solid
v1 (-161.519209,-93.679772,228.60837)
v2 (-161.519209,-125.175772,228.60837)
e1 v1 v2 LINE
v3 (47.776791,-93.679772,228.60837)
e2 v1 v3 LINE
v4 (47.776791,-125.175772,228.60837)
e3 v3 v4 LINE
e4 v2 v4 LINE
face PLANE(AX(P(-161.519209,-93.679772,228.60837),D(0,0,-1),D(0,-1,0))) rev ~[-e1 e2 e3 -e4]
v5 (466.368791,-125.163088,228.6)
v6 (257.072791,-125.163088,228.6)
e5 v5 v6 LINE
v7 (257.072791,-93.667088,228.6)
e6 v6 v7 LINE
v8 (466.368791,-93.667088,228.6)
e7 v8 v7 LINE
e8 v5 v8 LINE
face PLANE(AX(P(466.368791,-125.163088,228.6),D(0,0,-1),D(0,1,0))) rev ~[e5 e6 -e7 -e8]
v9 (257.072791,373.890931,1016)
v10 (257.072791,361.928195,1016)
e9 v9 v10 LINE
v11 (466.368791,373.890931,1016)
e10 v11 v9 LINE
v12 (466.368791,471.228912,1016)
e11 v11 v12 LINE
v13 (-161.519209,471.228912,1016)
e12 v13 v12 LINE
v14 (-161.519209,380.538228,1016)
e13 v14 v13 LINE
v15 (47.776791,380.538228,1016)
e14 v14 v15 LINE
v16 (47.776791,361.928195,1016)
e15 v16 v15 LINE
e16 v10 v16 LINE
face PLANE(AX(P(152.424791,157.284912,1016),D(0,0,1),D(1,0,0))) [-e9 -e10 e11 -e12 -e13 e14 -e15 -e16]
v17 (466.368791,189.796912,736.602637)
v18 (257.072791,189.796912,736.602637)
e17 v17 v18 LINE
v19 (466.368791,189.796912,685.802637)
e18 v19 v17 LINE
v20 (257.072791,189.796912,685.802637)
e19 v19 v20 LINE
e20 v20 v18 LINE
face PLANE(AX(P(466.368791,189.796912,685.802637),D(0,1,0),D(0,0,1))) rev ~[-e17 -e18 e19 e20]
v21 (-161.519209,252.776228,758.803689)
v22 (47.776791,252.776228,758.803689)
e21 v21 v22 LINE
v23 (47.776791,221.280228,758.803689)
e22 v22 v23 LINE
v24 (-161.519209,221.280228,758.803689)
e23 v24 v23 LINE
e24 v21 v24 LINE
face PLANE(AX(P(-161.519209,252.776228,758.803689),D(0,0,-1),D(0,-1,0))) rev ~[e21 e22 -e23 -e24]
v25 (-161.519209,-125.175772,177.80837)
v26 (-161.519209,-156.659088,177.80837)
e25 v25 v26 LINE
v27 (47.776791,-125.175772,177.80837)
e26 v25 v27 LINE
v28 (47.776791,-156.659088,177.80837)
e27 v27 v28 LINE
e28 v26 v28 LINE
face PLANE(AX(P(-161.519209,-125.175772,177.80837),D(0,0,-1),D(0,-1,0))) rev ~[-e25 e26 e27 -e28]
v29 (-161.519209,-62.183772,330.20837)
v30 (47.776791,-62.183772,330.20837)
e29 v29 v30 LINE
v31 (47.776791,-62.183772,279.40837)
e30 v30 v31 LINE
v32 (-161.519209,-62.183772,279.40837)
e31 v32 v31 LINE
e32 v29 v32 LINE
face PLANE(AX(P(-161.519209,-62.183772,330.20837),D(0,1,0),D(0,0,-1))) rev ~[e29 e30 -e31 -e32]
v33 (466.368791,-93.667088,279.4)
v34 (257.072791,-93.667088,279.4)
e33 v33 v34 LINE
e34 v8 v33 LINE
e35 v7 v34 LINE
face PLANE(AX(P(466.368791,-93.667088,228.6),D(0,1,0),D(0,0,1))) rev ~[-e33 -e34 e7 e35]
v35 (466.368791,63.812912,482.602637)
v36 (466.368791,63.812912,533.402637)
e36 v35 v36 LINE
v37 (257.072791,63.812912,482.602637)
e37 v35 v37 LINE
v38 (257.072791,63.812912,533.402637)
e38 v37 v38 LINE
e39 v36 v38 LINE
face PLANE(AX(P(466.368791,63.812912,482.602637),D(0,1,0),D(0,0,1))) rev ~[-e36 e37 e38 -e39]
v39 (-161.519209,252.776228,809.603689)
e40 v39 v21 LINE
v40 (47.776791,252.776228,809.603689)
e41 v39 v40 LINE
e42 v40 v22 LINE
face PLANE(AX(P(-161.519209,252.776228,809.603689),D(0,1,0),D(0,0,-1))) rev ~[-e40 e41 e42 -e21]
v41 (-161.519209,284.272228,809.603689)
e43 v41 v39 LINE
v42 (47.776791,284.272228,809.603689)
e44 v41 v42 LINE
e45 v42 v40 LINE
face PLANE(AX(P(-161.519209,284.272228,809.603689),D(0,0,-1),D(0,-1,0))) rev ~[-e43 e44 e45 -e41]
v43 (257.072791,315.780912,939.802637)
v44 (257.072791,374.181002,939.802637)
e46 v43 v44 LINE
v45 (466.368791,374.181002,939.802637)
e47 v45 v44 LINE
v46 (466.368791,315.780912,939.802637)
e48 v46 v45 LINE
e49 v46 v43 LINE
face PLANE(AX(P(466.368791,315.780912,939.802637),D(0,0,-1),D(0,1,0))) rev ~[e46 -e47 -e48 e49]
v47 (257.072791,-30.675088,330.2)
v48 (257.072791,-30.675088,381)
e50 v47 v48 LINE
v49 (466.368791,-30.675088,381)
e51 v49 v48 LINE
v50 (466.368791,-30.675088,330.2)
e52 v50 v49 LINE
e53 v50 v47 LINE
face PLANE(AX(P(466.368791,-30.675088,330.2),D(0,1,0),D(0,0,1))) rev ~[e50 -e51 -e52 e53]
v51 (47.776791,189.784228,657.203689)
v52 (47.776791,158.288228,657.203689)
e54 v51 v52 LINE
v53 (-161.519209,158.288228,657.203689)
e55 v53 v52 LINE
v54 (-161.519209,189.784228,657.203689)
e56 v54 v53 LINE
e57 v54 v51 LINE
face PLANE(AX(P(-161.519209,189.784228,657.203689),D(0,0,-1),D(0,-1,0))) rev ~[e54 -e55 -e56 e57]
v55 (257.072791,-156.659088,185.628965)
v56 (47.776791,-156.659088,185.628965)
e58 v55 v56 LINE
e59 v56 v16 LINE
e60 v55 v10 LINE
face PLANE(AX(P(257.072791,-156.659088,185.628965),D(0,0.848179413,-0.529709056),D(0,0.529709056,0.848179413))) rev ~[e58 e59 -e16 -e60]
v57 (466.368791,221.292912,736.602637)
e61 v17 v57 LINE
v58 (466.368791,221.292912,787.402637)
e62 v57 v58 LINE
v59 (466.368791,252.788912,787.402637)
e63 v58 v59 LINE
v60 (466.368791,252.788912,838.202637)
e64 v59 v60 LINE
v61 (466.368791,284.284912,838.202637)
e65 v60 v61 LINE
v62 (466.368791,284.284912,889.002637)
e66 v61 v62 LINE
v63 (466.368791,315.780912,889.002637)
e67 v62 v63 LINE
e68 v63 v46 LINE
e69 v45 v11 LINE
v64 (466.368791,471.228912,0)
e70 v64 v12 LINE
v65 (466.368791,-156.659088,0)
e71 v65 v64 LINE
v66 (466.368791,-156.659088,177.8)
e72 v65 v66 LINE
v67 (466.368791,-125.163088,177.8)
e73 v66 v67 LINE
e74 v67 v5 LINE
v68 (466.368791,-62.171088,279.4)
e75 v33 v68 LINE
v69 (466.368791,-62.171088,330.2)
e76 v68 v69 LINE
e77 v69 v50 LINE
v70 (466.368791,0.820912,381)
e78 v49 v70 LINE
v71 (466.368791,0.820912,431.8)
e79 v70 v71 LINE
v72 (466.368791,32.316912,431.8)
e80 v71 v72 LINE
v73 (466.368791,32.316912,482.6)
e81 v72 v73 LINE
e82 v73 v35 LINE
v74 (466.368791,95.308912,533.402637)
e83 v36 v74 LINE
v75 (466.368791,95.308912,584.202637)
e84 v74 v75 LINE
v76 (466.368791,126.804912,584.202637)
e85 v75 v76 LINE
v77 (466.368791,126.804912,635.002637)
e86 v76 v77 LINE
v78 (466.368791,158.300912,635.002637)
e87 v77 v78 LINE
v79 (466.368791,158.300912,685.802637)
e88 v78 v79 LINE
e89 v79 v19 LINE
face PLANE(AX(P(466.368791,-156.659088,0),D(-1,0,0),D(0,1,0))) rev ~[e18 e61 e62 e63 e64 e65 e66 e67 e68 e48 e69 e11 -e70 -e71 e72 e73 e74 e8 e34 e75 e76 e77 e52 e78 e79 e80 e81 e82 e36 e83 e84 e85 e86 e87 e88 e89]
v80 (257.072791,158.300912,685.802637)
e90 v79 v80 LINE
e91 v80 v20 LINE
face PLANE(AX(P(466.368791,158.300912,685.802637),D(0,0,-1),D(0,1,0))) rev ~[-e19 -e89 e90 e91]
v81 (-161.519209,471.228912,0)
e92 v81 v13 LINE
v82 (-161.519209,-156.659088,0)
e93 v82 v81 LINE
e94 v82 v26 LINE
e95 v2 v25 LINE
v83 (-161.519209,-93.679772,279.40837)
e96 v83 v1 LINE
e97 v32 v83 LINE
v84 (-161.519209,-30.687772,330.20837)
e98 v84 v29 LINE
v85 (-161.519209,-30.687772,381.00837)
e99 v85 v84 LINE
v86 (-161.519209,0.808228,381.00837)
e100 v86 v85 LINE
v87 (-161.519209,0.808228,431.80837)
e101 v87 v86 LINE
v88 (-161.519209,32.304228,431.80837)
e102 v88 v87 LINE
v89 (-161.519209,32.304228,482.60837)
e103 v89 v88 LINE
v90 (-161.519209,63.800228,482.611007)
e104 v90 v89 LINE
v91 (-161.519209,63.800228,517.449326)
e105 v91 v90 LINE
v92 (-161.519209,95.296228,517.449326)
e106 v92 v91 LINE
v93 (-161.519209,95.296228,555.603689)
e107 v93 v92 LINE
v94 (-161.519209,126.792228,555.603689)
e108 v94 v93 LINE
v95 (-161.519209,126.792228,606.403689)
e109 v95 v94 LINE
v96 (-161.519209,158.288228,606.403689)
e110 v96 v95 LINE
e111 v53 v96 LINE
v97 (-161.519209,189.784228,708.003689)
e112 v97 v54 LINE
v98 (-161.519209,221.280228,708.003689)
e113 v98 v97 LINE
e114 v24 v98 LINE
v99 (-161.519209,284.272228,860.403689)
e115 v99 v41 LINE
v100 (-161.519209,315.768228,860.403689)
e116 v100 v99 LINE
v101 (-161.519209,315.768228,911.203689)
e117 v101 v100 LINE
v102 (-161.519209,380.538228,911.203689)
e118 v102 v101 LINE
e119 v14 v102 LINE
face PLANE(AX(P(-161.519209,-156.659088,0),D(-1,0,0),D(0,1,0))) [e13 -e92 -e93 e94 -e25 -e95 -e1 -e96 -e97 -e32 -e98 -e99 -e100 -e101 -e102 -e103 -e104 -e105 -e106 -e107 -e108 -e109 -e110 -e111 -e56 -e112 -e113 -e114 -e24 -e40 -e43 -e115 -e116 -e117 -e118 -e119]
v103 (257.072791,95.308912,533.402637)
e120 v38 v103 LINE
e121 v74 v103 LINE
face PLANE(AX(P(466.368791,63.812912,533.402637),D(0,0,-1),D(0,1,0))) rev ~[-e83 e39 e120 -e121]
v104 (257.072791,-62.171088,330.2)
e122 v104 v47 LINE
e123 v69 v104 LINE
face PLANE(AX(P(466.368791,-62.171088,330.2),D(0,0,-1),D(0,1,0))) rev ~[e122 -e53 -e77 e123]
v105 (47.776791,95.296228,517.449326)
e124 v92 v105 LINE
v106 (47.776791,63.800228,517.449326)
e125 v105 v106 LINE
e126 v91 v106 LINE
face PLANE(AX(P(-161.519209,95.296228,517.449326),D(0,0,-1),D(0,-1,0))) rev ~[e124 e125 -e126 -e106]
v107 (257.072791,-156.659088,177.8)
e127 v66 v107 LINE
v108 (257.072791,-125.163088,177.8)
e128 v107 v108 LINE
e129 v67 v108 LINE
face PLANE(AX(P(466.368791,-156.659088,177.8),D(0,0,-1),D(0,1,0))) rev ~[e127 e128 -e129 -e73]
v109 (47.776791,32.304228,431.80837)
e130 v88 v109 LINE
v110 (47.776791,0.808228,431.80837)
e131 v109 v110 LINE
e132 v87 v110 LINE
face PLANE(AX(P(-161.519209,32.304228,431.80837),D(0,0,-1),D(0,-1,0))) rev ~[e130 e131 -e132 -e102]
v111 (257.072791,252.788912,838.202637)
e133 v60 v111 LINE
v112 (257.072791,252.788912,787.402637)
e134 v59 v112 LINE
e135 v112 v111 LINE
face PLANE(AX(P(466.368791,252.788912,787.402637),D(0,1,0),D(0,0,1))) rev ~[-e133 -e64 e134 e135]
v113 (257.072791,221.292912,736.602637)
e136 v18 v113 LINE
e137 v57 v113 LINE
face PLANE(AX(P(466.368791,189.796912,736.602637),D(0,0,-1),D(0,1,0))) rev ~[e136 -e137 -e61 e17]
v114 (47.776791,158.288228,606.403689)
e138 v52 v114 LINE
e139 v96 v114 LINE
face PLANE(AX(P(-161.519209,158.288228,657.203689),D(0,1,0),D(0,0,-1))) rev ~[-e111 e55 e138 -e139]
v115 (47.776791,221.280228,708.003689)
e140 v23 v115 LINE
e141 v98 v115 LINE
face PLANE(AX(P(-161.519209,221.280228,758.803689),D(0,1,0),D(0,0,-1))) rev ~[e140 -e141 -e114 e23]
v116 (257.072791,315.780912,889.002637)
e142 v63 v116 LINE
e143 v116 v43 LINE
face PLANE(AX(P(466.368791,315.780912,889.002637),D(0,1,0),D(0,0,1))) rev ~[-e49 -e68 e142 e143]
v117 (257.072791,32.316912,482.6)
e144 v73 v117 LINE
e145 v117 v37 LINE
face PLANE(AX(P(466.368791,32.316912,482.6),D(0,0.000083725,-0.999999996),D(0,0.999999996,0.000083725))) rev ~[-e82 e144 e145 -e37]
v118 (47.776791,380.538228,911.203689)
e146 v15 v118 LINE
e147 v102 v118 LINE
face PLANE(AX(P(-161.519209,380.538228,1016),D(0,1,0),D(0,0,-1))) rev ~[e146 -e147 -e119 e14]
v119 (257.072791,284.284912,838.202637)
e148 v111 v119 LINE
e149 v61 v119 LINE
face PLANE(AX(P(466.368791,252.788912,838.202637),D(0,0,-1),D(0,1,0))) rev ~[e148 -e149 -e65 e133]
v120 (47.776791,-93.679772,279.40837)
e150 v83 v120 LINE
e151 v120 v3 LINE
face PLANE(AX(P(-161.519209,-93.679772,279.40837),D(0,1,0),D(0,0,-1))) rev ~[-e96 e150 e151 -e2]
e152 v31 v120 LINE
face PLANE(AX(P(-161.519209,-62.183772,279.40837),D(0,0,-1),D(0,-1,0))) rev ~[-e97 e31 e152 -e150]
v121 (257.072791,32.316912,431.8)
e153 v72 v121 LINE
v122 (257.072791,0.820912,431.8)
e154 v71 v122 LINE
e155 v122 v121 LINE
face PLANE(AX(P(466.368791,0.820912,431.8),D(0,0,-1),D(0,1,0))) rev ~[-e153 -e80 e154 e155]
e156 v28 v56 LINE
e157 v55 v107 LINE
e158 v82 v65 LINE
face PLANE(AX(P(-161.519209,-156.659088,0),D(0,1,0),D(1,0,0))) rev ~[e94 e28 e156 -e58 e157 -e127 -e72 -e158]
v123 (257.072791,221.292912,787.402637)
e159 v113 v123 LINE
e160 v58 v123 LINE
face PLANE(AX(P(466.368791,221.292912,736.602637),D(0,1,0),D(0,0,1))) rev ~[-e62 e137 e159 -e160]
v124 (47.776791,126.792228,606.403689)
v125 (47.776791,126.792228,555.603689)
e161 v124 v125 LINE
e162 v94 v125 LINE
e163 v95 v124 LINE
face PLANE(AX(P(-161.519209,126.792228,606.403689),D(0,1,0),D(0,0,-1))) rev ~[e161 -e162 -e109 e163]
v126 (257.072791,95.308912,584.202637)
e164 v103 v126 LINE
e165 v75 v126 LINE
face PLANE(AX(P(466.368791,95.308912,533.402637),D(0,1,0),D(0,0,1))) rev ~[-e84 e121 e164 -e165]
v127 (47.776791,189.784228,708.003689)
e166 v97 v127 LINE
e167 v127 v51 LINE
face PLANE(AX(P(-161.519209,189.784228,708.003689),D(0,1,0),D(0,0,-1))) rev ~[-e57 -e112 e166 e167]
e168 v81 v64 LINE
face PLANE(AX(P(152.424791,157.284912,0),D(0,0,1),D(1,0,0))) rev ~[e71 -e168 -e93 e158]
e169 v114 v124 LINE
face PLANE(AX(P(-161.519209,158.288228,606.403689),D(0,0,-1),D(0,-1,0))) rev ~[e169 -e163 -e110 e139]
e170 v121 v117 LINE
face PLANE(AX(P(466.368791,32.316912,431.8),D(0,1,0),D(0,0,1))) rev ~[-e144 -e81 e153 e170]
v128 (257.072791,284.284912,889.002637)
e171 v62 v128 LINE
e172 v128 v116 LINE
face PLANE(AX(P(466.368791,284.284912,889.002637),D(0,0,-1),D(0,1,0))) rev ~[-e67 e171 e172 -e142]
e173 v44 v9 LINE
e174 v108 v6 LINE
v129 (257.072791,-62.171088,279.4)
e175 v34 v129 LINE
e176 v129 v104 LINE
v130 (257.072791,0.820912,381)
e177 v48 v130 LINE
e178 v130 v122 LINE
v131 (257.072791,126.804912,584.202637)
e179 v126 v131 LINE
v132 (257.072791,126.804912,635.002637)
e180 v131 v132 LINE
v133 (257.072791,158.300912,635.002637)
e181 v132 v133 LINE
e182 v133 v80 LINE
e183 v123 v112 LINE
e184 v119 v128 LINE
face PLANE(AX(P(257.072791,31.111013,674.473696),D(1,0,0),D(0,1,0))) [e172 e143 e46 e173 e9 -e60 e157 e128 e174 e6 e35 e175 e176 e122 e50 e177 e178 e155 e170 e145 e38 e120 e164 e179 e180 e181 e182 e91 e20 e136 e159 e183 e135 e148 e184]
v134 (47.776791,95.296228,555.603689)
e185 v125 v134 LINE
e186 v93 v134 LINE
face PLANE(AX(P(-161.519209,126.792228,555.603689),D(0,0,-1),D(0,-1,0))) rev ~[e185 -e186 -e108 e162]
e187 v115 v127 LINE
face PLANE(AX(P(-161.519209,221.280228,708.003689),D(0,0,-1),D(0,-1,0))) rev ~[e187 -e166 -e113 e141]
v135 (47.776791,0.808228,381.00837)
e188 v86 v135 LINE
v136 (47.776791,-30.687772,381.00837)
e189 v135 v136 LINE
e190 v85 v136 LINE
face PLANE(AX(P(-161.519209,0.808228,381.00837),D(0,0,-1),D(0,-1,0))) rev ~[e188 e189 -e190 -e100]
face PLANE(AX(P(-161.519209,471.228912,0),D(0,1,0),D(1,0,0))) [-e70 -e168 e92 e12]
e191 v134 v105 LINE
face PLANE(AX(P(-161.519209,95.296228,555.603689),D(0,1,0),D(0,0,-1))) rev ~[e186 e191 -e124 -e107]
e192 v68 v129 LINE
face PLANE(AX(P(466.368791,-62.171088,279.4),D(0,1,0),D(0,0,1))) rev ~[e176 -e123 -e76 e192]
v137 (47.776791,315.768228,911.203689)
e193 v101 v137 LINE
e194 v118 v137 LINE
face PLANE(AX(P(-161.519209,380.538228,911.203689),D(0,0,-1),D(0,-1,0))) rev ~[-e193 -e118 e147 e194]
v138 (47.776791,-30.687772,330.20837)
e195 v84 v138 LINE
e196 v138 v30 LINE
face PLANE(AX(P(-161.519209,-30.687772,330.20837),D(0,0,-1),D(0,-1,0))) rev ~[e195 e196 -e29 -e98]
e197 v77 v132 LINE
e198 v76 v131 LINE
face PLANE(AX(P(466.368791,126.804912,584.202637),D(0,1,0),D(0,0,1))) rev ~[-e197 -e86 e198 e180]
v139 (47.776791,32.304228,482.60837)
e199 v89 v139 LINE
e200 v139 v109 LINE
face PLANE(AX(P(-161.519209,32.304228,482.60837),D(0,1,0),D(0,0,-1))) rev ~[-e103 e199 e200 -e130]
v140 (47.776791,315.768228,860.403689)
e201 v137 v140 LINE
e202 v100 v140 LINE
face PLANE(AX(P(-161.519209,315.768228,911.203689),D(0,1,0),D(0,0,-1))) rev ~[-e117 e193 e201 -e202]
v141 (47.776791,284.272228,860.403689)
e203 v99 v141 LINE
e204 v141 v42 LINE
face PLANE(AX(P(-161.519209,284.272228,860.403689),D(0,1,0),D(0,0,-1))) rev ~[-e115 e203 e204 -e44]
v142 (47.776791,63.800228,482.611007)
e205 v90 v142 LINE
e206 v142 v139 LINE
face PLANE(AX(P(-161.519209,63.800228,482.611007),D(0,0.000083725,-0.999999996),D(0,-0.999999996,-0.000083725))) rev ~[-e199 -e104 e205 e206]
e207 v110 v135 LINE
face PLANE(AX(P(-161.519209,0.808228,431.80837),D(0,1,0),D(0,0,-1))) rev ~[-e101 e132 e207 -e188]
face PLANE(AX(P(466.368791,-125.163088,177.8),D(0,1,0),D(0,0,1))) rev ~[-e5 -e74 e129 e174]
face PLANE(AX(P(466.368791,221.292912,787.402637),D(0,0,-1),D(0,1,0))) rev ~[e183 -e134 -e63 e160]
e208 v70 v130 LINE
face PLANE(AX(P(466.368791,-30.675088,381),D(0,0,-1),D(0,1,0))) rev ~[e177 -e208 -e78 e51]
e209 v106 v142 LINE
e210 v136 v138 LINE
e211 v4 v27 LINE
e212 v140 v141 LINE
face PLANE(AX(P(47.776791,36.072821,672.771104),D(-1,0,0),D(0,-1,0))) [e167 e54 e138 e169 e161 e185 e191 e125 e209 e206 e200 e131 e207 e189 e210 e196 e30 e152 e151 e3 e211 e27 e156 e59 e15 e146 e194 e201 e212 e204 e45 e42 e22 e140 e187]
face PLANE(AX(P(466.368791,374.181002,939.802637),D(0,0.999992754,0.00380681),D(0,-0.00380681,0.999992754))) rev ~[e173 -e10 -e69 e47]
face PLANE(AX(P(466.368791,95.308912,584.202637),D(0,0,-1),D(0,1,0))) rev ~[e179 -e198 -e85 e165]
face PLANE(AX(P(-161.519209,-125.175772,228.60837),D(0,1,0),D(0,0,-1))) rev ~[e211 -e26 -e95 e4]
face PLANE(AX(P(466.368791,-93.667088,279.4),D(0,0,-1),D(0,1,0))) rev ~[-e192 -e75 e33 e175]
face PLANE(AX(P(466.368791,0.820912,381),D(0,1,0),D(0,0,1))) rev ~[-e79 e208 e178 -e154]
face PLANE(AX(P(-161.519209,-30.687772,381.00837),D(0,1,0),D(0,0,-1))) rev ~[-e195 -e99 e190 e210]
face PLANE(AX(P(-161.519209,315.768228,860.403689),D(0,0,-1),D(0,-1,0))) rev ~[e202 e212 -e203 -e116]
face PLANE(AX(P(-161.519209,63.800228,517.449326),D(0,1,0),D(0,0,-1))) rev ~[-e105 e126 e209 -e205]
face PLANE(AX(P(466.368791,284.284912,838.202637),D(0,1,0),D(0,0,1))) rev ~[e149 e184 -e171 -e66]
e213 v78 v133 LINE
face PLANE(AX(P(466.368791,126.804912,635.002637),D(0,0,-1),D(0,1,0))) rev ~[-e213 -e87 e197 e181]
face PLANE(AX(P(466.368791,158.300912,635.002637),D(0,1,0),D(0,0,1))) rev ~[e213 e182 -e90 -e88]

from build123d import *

# Parameters (mm, degrees)
F0_W     = 627.888
F0_H     = 627.888
F1_DEPTH = 1016
F3_DEPTH = 209.296
F5_DEPTH = 209.296
F7_DEPTH = 209.296


with BuildPart() as f1:
    # F0 (on Top) → F1 (new body)
    with BuildSketch(Plane.XY):
        with Locations((152.424791, 157.284912)):
            Rectangle(F0_W, F0_H)
    extrude(amount=F1_DEPTH)

    # F2 (on face) → F3 (cut)
    with BuildSketch(Plane.YZ.offset(466.368791)):
        Polygon((-156.659088, 1016), (-156.659088, 177.8), (-125.163088, 177.8), (-125.163088, 228.6), (-93.667088, 228.6), (-93.667088, 279.4), (-62.171088, 279.4), (-62.171088, 330.2), (-30.675088, 330.2), (-30.675088, 381), (0.820912, 381), (0.820912, 431.8), (32.316912, 431.8), (32.316912, 482.6), (63.812912, 482.602637), (63.812912, 533.402637), (95.308912, 533.402637), (95.308912, 584.202637), (126.804912, 584.202637), (126.804912, 635.002637), (158.300912, 635.002637), (158.300912, 685.802637), (189.796912, 685.802637), (189.796912, 736.602637), (221.292912, 736.602637), (221.292912, 787.402637), (252.788912, 787.402637), (252.788912, 838.202637), (284.284912, 838.202637), (284.284912, 889.002637), (315.780912, 889.002637), (315.780912, 939.802637), (374.181002, 939.802637), (373.890931, 1016), align=None)
    extrude(amount=-F3_DEPTH, mode=Mode.SUBTRACT)

    # F4 (on face) → F5 (cut)
    with BuildSketch(Plane.YZ.offset(257.072791)):
        Polygon((-156.659088, 185.628965), (361.928195, 1016), (-156.659088, 1016), align=None)
    extrude(amount=-F5_DEPTH, mode=Mode.SUBTRACT)

    # F6 (on face) → F7 (cut)
    with BuildSketch(Plane(origin=(-161.519209, 0, 0), x_dir=(0, -1, 0), z_dir=(-1, 0, 0))):
        Polygon((156.659088, 1016), (-380.538228, 1016), (-380.538228, 911.203689), (-315.768228, 911.203689), (-315.768228, 860.403689), (-284.272228, 860.403689), (-284.272228, 809.603689), (-252.776228, 809.603689), (-252.776228, 758.803689), (-221.280228, 758.803689), (-221.280228, 708.003689), (-189.784228, 708.003689), (-189.784228, 657.203689), (-158.288228, 657.203689), (-158.288228, 606.403689), (-126.792228, 606.403689), (-126.792228, 555.603689), (-95.296228, 555.603689), (-95.296228, 517.449326), (-63.800228, 517.449326), (-63.800228, 482.611007), (-32.304228, 482.60837), (-32.304228, 431.80837), (-0.808228, 431.80837), (-0.808228, 381.00837), (30.687772, 381.00837), (30.687772, 330.20837), (62.183772, 330.20837), (62.183772, 279.40837), (93.679772, 279.40837), (93.679772, 228.60837), (125.175772, 228.60837), (125.175772, 177.80837), (156.659088, 177.80837), align=None)
    extrude(amount=-F7_DEPTH, mode=Mode.SUBTRACT)


solid = f1.part
